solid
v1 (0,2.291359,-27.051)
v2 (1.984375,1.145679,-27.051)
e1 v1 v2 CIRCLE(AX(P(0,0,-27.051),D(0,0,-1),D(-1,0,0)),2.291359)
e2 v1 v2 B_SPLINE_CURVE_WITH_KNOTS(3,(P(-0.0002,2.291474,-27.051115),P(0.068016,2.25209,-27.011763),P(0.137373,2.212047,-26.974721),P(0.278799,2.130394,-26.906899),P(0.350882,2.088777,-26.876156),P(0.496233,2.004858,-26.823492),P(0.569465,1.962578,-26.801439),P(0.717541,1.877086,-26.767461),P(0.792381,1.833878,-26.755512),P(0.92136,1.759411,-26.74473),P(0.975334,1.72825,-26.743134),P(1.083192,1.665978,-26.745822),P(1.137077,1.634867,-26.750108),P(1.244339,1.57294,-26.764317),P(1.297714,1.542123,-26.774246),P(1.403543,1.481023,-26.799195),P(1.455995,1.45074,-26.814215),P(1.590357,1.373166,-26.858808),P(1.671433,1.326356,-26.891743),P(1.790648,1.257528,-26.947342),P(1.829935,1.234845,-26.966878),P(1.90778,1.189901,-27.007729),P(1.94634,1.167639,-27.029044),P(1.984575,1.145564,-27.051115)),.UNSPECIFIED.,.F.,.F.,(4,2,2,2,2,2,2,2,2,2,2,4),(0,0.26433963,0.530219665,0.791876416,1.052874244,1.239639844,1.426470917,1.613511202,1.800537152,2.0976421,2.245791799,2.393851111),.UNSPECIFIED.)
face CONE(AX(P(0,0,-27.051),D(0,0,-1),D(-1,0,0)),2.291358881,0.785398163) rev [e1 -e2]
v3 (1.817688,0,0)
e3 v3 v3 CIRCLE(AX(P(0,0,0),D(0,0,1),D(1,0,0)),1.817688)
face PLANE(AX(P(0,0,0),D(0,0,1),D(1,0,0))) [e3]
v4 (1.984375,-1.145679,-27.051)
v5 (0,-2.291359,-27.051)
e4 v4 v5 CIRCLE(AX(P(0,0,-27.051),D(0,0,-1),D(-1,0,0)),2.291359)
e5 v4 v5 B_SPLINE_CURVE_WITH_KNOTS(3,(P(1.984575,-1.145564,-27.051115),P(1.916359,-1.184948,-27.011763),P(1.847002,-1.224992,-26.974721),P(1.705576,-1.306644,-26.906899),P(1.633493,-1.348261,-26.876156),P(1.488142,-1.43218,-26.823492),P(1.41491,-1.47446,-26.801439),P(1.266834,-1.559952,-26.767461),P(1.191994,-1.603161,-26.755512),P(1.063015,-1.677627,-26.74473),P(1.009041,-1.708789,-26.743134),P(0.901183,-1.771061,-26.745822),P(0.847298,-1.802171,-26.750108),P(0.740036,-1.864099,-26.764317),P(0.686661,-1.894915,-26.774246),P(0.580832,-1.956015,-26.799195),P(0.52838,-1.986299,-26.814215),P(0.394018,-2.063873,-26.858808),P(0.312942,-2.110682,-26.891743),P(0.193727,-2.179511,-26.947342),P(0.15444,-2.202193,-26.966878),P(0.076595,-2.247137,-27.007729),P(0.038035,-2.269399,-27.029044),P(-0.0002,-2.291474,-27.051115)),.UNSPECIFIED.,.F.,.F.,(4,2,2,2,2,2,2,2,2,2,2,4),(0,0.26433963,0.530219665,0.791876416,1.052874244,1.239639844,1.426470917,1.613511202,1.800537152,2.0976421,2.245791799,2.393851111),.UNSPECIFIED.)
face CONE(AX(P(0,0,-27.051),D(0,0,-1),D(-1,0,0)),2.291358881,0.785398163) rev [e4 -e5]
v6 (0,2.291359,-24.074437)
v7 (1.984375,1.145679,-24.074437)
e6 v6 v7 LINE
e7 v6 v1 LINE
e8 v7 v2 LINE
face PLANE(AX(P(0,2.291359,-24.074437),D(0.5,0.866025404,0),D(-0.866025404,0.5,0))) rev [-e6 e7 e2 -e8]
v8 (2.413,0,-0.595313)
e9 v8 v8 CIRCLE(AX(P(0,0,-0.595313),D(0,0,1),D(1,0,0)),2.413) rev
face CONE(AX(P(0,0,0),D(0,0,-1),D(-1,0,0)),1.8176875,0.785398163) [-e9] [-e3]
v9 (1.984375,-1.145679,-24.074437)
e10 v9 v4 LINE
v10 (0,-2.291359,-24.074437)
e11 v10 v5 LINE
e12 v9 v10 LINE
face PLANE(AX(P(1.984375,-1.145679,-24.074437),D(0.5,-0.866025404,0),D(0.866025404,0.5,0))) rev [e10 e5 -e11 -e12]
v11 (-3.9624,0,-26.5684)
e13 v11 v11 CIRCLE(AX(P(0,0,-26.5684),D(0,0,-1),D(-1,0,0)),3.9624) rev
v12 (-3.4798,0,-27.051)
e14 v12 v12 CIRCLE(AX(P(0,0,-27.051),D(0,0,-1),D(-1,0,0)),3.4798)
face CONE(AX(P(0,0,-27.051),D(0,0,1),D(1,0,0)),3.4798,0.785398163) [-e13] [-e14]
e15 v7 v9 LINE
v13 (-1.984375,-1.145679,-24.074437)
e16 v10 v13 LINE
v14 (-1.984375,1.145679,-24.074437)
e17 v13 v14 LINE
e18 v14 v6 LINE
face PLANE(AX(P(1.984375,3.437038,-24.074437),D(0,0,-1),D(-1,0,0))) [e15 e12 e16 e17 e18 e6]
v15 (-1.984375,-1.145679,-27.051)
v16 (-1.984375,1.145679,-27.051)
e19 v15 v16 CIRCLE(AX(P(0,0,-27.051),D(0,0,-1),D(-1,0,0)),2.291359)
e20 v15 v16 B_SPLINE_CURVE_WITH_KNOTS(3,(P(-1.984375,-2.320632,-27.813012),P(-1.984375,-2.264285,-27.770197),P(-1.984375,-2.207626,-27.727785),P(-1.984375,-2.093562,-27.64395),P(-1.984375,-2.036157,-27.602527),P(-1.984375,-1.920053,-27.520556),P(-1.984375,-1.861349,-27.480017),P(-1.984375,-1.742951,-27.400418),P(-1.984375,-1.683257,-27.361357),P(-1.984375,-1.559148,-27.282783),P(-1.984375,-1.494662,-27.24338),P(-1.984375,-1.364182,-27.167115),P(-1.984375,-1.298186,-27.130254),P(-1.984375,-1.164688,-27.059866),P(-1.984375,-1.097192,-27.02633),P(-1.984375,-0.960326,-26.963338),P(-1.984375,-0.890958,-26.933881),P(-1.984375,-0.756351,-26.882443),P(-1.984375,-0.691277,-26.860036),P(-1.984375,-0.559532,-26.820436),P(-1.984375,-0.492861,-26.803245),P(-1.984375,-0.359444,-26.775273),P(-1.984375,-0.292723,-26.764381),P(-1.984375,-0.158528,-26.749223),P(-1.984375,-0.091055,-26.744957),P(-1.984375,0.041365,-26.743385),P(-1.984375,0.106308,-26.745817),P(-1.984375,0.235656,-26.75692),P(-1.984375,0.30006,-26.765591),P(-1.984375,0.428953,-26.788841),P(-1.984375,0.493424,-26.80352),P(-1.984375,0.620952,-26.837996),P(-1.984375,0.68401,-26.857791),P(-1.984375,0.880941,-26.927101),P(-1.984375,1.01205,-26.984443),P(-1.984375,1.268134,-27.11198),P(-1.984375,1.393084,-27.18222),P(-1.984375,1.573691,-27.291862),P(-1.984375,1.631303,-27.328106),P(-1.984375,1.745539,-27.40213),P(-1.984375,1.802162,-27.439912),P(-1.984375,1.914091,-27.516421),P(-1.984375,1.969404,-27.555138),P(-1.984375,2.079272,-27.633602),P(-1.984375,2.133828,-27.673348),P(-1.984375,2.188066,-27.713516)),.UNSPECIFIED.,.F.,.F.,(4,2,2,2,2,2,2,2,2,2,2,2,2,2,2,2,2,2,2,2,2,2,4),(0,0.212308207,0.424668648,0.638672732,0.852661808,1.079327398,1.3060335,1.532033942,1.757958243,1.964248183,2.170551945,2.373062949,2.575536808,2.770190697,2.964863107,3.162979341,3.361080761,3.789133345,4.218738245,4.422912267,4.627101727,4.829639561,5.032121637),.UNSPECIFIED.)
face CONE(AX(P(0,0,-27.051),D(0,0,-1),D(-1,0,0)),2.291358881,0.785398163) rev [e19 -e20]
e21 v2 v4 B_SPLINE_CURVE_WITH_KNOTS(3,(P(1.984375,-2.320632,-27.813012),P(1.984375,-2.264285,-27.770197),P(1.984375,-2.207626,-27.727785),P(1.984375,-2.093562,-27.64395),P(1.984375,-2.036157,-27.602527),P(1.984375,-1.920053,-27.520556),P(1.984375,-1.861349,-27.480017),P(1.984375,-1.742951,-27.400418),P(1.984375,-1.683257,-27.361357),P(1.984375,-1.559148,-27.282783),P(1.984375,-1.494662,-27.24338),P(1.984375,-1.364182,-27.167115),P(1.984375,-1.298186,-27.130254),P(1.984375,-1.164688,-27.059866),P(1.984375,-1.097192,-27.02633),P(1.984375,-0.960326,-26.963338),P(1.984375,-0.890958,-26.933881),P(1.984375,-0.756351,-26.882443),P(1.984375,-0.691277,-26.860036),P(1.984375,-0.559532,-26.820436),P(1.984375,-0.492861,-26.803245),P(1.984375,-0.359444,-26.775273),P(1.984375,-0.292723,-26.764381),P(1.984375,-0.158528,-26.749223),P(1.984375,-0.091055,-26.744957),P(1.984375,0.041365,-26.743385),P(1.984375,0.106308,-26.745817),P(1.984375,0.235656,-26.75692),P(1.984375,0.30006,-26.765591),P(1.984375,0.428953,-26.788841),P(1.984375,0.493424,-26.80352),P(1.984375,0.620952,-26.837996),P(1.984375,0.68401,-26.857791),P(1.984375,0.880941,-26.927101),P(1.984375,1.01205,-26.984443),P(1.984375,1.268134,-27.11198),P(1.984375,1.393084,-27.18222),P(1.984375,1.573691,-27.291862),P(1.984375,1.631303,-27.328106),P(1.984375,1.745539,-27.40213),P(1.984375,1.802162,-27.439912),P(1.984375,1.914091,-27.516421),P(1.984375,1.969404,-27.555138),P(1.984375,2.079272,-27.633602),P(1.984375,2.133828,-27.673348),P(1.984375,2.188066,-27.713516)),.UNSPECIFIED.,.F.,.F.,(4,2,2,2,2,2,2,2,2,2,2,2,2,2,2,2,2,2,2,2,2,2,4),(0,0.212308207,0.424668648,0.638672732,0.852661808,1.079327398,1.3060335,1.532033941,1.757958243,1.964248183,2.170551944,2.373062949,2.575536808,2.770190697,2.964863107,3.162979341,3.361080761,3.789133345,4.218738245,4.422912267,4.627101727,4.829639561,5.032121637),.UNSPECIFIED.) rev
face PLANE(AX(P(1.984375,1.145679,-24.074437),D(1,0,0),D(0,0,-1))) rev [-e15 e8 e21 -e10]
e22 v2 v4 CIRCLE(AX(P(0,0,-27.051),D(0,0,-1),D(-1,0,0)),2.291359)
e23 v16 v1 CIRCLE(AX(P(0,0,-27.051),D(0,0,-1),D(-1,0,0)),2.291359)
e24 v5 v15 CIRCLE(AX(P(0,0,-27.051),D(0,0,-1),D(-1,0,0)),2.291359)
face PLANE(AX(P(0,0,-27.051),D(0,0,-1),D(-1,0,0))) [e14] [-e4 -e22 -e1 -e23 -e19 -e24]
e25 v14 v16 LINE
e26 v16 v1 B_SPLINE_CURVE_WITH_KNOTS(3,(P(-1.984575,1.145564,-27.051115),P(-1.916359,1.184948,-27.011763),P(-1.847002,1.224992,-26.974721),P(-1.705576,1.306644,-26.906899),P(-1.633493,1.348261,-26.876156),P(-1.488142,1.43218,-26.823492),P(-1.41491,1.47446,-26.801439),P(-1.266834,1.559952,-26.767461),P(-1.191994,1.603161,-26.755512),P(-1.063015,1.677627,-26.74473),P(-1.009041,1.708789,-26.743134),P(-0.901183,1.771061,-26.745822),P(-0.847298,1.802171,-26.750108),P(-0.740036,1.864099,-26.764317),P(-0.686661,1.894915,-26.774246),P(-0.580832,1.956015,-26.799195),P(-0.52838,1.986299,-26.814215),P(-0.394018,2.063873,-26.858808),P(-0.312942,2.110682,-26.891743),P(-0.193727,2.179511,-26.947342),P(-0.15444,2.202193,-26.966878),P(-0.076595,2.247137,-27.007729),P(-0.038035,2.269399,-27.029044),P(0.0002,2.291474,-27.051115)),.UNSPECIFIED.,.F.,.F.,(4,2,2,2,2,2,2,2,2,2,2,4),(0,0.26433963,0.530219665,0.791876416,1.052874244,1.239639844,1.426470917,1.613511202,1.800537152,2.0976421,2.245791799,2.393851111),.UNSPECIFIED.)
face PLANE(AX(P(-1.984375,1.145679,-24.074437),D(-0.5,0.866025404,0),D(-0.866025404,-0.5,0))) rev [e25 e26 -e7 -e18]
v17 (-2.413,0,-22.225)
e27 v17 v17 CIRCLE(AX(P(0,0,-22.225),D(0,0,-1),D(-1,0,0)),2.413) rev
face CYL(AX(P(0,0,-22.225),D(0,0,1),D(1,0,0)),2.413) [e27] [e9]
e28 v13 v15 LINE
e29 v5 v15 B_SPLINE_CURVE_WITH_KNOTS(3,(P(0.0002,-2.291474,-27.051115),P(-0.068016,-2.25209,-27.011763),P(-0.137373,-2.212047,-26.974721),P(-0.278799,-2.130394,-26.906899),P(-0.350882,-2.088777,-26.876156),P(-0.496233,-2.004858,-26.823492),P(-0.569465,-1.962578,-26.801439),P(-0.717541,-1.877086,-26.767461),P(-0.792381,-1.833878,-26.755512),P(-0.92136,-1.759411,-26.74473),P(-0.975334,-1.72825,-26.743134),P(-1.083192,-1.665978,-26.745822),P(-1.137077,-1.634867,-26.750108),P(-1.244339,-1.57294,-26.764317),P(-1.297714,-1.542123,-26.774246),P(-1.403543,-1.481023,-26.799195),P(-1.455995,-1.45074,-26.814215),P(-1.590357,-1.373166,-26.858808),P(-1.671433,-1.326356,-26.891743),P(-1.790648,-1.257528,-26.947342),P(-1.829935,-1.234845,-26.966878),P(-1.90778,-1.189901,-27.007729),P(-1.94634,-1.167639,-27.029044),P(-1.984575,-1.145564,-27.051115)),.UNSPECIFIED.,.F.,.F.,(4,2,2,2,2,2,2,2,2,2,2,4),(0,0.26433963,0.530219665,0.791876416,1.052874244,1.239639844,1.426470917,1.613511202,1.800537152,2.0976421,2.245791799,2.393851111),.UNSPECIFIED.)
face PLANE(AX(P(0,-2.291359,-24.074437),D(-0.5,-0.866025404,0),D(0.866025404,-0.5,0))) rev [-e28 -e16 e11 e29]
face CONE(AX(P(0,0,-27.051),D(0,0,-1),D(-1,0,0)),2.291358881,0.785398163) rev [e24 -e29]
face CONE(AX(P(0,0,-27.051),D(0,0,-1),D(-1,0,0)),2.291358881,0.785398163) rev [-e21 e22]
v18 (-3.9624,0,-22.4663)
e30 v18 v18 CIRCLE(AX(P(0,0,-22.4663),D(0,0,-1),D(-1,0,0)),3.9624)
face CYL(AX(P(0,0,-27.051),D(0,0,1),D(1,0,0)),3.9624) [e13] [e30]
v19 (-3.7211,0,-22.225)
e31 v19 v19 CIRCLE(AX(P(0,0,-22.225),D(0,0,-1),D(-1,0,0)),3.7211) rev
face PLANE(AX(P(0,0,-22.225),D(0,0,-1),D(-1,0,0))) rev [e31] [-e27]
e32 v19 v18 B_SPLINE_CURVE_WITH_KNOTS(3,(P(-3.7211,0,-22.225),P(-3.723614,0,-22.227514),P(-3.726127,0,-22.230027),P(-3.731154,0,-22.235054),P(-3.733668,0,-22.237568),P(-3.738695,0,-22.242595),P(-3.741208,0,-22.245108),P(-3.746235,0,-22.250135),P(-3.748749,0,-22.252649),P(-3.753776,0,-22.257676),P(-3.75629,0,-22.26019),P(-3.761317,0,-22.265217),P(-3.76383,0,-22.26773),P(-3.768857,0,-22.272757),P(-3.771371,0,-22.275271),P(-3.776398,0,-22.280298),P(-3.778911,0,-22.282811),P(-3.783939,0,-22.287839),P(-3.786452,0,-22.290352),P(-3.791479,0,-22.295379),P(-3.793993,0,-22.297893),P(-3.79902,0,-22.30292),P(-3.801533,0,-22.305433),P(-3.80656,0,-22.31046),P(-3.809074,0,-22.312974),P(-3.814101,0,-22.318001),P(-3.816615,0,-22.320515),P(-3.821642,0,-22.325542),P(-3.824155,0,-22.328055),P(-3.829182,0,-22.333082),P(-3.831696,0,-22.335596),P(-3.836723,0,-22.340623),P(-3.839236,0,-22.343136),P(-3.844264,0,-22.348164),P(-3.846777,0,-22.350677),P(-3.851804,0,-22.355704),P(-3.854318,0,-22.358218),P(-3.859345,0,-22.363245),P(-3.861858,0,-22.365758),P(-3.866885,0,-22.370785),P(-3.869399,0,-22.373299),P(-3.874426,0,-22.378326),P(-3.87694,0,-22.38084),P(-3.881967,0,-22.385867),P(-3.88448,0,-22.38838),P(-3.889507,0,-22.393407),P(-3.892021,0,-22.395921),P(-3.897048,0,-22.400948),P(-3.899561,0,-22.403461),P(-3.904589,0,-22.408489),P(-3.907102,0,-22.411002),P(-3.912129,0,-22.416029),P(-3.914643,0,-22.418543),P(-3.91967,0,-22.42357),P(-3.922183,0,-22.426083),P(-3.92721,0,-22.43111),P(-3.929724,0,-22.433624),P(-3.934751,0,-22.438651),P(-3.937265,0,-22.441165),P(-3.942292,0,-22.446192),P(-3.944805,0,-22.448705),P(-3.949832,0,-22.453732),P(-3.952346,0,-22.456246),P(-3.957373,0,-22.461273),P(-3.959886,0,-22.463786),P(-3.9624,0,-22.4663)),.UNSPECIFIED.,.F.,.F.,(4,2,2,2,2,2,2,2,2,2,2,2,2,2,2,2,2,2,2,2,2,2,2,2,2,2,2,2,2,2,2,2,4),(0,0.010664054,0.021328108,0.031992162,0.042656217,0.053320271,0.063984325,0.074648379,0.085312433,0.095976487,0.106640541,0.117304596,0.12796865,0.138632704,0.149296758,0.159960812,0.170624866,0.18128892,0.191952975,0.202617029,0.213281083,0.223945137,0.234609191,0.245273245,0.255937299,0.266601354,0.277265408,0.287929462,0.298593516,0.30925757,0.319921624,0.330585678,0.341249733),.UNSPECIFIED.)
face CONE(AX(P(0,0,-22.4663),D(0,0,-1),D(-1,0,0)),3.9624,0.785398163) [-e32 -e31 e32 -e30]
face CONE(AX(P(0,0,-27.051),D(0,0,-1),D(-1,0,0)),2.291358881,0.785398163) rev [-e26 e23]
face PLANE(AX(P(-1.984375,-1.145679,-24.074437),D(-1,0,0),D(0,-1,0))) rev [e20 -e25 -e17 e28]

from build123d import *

# Parameters (mm, degrees)
SKETCH1_R          = 2.413
EXTRUDE1_DEPTH     = 22.225
CHAMFER3_SIZE      = 0.5953125
SKETCH6_R          = 3.9624
EXTRUDE2_DEPTH     = 4.826
CUT_EXTRUDE1_DEPTH = 2.9765625
SKETCH8_R          = 2.291358881
CUT_EXTRUDE2_DEPTH = 0.4826
CUT_EXTRUDE2_DRAFT = -45
CHAMFER1_SIZE      = 0.4826
CHAMFER2_SIZE      = 0.2413


with BuildPart() as part:
    # Sketch1 → Extrude1 (new body)
    with BuildSketch(Plane.XY):
        Circle(SKETCH1_R)
    extrude(amount=-EXTRUDE1_DEPTH)

    # Chamfer3
    chamfer3_edges = [part.edges().sort_by_distance(p)[0] for p in [
        (-2.413, 0, 0),
    ]]
    chamfer(chamfer3_edges, length=CHAMFER3_SIZE)

    # Sketch6 → Extrude2 (add)
    with BuildSketch(Plane(origin=(0, 0, -22.225), x_dir=(-1, 0, 0), z_dir=(0, 0, -1))):
        Circle(SKETCH6_R)
    extrude(amount=EXTRUDE2_DEPTH)

    # Sketch7 → Cut-Extrude1 (cut)
    with BuildSketch(Plane(origin=(0, 0, -27.051), x_dir=(-1, 0, 0), z_dir=(0, 0, -1))):
        Polygon((0, 2.291358881), (-1.984375, 1.14567944), (-1.984375, -1.14567944), (0, -2.291358881), (1.984375, -1.14567944), (1.984375, 1.14567944), align=None)
    extrude(amount=-CUT_EXTRUDE1_DEPTH, mode=Mode.SUBTRACT)


with BuildPart() as cut_extrude2_tool:
    # Sketch8 → Cut-Extrude2 (with draft: the straight prism first)
    with BuildSketch(Plane(origin=(0, 0, -27.051), x_dir=(-1, 0, 0), z_dir=(0, 0, -1))):
        Circle(SKETCH8_R)
    extrude(amount=-CUT_EXTRUDE2_DEPTH)
    # Cut-Extrude2: the draft: its side faces are tilted about the plane it starts from
    cut_extrude2_sides = [cut_extrude2_tool.faces().sort_by_distance(p)[0] for p in [
        (2.291358881, 0, -26.8097),
    ]]
    draft(cut_extrude2_sides, Plane(origin=(0, 0, -27.051), x_dir=(-1, 0, 0), z_dir=(0, 0, -1)), CUT_EXTRUDE2_DRAFT)


with BuildPart() as part_1:
    add(part.part)

    # Cut-Extrude2: cut by cut_extrude2_tool
    add(cut_extrude2_tool.part, mode=Mode.SUBTRACT)

    # Chamfer1
    chamfer1_edges = [part_1.edges().sort_by_distance(p)[0] for p in [
        (3.9624, 0, -27.051),
    ]]
    chamfer(chamfer1_edges, length=CHAMFER1_SIZE)

    # Chamfer2
    chamfer2_edges = [part_1.edges().sort_by_distance(p)[0] for p in [
        (3.9624, 0, -22.225),
    ]]
    chamfer(chamfer2_edges, length=CHAMFER2_SIZE)


solid = part_1.part
